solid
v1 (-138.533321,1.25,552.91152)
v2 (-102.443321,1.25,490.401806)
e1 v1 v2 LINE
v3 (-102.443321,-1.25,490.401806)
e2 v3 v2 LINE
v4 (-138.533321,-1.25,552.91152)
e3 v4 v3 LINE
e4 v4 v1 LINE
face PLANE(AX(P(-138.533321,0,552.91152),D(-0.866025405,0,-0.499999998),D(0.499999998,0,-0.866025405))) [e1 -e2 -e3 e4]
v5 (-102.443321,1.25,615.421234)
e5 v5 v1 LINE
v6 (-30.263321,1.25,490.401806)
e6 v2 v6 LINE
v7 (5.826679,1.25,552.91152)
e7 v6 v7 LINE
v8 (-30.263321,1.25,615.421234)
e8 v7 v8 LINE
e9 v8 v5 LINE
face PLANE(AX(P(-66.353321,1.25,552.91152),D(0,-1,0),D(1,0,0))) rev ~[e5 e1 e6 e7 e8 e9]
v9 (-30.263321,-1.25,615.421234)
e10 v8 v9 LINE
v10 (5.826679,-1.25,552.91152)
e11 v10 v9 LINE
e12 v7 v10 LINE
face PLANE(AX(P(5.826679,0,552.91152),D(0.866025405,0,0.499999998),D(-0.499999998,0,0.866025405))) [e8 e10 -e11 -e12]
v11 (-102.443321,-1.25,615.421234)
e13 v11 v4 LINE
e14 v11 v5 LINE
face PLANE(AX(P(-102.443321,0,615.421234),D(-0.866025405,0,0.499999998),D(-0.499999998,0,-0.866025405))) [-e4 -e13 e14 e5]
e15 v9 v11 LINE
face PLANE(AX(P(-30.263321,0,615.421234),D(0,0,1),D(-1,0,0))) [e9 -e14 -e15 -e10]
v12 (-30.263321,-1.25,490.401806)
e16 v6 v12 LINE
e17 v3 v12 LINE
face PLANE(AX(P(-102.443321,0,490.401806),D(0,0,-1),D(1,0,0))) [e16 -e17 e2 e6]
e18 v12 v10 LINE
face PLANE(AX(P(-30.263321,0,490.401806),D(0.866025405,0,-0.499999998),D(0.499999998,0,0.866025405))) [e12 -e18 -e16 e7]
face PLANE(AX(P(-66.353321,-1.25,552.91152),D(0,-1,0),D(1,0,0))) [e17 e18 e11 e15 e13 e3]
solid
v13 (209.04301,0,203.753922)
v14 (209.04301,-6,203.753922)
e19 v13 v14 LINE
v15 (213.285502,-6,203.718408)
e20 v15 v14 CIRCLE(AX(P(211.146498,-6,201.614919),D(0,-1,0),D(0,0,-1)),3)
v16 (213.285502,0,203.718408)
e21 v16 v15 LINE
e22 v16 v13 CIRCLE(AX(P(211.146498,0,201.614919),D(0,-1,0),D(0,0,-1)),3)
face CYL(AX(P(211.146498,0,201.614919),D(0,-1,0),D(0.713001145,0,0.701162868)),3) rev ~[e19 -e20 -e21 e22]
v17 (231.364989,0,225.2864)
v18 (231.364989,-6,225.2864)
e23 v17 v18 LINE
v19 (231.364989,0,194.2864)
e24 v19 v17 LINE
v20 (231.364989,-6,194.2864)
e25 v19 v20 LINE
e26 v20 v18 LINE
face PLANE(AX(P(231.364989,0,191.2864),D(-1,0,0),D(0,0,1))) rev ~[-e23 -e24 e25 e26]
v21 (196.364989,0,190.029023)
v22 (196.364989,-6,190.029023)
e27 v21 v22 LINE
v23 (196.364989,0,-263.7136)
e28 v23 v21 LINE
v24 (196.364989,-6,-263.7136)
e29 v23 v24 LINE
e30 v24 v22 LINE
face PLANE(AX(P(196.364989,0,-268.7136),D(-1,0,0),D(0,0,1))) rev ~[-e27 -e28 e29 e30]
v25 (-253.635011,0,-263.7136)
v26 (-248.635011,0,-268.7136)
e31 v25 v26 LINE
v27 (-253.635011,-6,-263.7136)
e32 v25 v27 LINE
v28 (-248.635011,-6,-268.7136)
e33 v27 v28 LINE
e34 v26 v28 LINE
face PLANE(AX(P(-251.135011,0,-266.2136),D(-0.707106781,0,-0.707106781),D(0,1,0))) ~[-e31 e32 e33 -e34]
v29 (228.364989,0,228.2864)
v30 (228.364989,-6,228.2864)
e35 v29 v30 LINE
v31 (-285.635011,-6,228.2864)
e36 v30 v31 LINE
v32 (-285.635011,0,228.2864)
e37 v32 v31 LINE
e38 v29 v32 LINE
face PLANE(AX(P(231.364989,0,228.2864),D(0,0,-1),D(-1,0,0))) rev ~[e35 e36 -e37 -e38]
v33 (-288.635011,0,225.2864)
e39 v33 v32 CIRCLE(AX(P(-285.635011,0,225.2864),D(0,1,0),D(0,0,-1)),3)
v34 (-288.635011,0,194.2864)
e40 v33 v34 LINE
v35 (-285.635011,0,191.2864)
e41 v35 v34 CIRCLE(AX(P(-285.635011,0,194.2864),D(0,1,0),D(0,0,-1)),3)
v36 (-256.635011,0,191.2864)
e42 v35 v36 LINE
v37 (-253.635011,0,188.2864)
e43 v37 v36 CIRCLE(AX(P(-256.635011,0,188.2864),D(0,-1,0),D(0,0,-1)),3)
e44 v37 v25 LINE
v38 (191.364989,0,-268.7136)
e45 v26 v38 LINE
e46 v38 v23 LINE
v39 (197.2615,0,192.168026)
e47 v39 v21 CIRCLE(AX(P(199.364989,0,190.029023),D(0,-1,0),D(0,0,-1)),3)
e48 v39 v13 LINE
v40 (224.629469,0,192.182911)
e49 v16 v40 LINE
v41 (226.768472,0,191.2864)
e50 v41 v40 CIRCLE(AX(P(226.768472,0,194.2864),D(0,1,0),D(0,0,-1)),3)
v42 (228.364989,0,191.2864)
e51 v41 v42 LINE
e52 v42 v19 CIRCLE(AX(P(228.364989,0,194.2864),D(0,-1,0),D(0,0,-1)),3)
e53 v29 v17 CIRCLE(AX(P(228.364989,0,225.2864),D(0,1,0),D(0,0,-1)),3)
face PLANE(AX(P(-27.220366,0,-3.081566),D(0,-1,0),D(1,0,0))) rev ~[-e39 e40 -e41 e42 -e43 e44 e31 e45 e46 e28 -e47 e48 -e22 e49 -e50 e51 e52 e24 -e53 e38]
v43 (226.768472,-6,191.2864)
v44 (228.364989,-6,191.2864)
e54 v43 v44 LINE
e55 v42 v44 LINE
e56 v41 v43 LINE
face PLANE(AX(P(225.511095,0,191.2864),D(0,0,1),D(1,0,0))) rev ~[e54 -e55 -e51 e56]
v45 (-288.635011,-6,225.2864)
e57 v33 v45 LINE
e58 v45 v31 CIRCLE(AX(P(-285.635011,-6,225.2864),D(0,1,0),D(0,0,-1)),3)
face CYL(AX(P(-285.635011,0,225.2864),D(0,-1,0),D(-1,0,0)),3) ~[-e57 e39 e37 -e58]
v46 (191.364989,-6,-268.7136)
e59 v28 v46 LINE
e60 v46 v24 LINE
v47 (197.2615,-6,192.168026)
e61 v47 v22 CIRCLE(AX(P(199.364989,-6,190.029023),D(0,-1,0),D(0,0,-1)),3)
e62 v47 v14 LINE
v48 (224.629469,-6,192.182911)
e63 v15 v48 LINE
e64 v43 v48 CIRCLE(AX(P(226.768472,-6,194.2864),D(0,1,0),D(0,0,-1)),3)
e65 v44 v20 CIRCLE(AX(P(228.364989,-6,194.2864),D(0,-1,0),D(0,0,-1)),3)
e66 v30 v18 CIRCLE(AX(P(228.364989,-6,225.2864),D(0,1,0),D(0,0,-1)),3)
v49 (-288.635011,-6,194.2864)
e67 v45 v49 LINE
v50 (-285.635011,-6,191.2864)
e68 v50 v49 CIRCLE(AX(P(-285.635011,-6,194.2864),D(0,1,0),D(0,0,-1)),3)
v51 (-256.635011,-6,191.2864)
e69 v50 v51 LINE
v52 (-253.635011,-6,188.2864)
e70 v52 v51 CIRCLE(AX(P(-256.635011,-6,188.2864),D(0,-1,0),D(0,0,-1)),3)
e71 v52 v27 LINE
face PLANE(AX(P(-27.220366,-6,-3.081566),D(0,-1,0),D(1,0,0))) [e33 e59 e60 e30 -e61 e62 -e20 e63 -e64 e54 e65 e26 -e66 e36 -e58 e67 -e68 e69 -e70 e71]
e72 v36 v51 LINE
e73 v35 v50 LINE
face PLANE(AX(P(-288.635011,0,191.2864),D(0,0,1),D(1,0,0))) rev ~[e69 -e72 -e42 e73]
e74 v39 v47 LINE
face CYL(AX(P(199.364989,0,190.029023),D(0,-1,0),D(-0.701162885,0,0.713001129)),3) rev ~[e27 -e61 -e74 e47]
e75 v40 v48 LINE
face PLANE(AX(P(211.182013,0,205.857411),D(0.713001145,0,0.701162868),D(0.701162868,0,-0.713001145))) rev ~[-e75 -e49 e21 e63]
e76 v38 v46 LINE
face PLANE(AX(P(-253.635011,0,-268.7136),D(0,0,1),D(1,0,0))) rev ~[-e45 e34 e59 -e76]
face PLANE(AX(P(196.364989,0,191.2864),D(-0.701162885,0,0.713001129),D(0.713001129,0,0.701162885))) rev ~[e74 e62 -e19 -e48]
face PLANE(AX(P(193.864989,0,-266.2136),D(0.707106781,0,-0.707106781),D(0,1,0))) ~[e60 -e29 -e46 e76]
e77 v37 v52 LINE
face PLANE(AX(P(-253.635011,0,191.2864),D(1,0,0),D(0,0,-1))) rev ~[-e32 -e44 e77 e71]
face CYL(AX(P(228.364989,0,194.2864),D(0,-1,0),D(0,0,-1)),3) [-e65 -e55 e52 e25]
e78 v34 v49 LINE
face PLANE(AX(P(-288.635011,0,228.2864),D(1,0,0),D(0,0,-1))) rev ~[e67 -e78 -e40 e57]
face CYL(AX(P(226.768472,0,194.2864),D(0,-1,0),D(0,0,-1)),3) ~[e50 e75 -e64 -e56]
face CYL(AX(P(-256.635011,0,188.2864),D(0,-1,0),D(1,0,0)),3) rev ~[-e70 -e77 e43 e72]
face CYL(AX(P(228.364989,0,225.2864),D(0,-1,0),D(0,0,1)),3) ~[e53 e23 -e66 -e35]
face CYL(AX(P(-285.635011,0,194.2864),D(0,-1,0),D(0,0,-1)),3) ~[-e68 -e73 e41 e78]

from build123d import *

# Parameters (mm, degrees)
F1_DEPTH = 6
F3_DEPTH = 1.25
F4_SIZE  = 5
F5_R     = 3
F6_R     = 3
F7_R     = 3
F8_R     = 3
F9_R     = 3
F10_R    = 3
F11_R    = 3
F12_R    = 3


with BuildPart() as f1:
    # F0 (on Front) → F1 (new body)
    with BuildSketch(Plane.XZ):
        Polygon((231.364989, 228.2864), (-288.635011, 228.2864), (-288.635011, 191.2864), (-253.635011, 191.2864), (-253.635011, -268.7136), (196.364989, -268.7136), (196.364989, 191.2864), (211.182013, 205.857411), (225.511095, 191.2864), (231.364989, 191.2864), align=None)
    extrude(amount=F1_DEPTH)

    # F4
    f4_edges = [f1.edges().sort_by_distance(p)[0] for p in [
        (196.364989, -3, -268.7136),
        (-253.635011, -3, -268.7136),
    ]]
    chamfer(f4_edges, length=F4_SIZE)

    # F5
    f5_edges = [f1.edges().sort_by_distance(p)[0] for p in [
        (-288.635011, -3, 191.2864),
    ]]
    fillet(f5_edges, radius=F5_R)

    # F6
    f6_edges = [f1.edges().sort_by_distance(p)[0] for p in [
        (-288.635011, -3, 228.2864),
    ]]
    fillet(f6_edges, radius=F6_R)

    # F7
    f7_edges = [f1.edges().sort_by_distance(p)[0] for p in [
        (231.364989, -3, 228.2864),
    ]]
    fillet(f7_edges, radius=F7_R)

    # F8
    f8_edges = [f1.edges().sort_by_distance(p)[0] for p in [
        (196.364989, -3, 191.2864),
    ]]
    fillet(f8_edges, radius=F8_R)

    # F9
    f9_edges = [f1.edges().sort_by_distance(p)[0] for p in [
        (231.364989, -3, 191.2864),
    ]]
    fillet(f9_edges, radius=F9_R)

    # F10
    f10_edges = [f1.edges().sort_by_distance(p)[0] for p in [
        (225.511095, -3, 191.2864),
    ]]
    fillet(f10_edges, radius=F10_R)

    # F11
    f11_edges = [f1.edges().sort_by_distance(p)[0] for p in [
        (211.182013, -3, 205.857411),
    ]]
    fillet(f11_edges, radius=F11_R)

    # F12
    f12_edges = [f1.edges().sort_by_distance(p)[0] for p in [
        (-253.635011, -3, 191.2864),
    ]]
    fillet(f12_edges, radius=F12_R)


with BuildPart() as f3:
    # F2 (on Front) → F3 (new body, symmetric)
    with BuildSketch(Plane.XZ):
        Polygon((-102.443321, 490.401806), (-30.263321, 490.401806), (5.826679, 552.91152), (-30.263321, 615.421234), (-102.443321, 615.421234), (-138.533321, 552.91152), align=None)
    extrude(amount=F3_DEPTH, both=True)


solid = Compound([f1.part, f3.part])
